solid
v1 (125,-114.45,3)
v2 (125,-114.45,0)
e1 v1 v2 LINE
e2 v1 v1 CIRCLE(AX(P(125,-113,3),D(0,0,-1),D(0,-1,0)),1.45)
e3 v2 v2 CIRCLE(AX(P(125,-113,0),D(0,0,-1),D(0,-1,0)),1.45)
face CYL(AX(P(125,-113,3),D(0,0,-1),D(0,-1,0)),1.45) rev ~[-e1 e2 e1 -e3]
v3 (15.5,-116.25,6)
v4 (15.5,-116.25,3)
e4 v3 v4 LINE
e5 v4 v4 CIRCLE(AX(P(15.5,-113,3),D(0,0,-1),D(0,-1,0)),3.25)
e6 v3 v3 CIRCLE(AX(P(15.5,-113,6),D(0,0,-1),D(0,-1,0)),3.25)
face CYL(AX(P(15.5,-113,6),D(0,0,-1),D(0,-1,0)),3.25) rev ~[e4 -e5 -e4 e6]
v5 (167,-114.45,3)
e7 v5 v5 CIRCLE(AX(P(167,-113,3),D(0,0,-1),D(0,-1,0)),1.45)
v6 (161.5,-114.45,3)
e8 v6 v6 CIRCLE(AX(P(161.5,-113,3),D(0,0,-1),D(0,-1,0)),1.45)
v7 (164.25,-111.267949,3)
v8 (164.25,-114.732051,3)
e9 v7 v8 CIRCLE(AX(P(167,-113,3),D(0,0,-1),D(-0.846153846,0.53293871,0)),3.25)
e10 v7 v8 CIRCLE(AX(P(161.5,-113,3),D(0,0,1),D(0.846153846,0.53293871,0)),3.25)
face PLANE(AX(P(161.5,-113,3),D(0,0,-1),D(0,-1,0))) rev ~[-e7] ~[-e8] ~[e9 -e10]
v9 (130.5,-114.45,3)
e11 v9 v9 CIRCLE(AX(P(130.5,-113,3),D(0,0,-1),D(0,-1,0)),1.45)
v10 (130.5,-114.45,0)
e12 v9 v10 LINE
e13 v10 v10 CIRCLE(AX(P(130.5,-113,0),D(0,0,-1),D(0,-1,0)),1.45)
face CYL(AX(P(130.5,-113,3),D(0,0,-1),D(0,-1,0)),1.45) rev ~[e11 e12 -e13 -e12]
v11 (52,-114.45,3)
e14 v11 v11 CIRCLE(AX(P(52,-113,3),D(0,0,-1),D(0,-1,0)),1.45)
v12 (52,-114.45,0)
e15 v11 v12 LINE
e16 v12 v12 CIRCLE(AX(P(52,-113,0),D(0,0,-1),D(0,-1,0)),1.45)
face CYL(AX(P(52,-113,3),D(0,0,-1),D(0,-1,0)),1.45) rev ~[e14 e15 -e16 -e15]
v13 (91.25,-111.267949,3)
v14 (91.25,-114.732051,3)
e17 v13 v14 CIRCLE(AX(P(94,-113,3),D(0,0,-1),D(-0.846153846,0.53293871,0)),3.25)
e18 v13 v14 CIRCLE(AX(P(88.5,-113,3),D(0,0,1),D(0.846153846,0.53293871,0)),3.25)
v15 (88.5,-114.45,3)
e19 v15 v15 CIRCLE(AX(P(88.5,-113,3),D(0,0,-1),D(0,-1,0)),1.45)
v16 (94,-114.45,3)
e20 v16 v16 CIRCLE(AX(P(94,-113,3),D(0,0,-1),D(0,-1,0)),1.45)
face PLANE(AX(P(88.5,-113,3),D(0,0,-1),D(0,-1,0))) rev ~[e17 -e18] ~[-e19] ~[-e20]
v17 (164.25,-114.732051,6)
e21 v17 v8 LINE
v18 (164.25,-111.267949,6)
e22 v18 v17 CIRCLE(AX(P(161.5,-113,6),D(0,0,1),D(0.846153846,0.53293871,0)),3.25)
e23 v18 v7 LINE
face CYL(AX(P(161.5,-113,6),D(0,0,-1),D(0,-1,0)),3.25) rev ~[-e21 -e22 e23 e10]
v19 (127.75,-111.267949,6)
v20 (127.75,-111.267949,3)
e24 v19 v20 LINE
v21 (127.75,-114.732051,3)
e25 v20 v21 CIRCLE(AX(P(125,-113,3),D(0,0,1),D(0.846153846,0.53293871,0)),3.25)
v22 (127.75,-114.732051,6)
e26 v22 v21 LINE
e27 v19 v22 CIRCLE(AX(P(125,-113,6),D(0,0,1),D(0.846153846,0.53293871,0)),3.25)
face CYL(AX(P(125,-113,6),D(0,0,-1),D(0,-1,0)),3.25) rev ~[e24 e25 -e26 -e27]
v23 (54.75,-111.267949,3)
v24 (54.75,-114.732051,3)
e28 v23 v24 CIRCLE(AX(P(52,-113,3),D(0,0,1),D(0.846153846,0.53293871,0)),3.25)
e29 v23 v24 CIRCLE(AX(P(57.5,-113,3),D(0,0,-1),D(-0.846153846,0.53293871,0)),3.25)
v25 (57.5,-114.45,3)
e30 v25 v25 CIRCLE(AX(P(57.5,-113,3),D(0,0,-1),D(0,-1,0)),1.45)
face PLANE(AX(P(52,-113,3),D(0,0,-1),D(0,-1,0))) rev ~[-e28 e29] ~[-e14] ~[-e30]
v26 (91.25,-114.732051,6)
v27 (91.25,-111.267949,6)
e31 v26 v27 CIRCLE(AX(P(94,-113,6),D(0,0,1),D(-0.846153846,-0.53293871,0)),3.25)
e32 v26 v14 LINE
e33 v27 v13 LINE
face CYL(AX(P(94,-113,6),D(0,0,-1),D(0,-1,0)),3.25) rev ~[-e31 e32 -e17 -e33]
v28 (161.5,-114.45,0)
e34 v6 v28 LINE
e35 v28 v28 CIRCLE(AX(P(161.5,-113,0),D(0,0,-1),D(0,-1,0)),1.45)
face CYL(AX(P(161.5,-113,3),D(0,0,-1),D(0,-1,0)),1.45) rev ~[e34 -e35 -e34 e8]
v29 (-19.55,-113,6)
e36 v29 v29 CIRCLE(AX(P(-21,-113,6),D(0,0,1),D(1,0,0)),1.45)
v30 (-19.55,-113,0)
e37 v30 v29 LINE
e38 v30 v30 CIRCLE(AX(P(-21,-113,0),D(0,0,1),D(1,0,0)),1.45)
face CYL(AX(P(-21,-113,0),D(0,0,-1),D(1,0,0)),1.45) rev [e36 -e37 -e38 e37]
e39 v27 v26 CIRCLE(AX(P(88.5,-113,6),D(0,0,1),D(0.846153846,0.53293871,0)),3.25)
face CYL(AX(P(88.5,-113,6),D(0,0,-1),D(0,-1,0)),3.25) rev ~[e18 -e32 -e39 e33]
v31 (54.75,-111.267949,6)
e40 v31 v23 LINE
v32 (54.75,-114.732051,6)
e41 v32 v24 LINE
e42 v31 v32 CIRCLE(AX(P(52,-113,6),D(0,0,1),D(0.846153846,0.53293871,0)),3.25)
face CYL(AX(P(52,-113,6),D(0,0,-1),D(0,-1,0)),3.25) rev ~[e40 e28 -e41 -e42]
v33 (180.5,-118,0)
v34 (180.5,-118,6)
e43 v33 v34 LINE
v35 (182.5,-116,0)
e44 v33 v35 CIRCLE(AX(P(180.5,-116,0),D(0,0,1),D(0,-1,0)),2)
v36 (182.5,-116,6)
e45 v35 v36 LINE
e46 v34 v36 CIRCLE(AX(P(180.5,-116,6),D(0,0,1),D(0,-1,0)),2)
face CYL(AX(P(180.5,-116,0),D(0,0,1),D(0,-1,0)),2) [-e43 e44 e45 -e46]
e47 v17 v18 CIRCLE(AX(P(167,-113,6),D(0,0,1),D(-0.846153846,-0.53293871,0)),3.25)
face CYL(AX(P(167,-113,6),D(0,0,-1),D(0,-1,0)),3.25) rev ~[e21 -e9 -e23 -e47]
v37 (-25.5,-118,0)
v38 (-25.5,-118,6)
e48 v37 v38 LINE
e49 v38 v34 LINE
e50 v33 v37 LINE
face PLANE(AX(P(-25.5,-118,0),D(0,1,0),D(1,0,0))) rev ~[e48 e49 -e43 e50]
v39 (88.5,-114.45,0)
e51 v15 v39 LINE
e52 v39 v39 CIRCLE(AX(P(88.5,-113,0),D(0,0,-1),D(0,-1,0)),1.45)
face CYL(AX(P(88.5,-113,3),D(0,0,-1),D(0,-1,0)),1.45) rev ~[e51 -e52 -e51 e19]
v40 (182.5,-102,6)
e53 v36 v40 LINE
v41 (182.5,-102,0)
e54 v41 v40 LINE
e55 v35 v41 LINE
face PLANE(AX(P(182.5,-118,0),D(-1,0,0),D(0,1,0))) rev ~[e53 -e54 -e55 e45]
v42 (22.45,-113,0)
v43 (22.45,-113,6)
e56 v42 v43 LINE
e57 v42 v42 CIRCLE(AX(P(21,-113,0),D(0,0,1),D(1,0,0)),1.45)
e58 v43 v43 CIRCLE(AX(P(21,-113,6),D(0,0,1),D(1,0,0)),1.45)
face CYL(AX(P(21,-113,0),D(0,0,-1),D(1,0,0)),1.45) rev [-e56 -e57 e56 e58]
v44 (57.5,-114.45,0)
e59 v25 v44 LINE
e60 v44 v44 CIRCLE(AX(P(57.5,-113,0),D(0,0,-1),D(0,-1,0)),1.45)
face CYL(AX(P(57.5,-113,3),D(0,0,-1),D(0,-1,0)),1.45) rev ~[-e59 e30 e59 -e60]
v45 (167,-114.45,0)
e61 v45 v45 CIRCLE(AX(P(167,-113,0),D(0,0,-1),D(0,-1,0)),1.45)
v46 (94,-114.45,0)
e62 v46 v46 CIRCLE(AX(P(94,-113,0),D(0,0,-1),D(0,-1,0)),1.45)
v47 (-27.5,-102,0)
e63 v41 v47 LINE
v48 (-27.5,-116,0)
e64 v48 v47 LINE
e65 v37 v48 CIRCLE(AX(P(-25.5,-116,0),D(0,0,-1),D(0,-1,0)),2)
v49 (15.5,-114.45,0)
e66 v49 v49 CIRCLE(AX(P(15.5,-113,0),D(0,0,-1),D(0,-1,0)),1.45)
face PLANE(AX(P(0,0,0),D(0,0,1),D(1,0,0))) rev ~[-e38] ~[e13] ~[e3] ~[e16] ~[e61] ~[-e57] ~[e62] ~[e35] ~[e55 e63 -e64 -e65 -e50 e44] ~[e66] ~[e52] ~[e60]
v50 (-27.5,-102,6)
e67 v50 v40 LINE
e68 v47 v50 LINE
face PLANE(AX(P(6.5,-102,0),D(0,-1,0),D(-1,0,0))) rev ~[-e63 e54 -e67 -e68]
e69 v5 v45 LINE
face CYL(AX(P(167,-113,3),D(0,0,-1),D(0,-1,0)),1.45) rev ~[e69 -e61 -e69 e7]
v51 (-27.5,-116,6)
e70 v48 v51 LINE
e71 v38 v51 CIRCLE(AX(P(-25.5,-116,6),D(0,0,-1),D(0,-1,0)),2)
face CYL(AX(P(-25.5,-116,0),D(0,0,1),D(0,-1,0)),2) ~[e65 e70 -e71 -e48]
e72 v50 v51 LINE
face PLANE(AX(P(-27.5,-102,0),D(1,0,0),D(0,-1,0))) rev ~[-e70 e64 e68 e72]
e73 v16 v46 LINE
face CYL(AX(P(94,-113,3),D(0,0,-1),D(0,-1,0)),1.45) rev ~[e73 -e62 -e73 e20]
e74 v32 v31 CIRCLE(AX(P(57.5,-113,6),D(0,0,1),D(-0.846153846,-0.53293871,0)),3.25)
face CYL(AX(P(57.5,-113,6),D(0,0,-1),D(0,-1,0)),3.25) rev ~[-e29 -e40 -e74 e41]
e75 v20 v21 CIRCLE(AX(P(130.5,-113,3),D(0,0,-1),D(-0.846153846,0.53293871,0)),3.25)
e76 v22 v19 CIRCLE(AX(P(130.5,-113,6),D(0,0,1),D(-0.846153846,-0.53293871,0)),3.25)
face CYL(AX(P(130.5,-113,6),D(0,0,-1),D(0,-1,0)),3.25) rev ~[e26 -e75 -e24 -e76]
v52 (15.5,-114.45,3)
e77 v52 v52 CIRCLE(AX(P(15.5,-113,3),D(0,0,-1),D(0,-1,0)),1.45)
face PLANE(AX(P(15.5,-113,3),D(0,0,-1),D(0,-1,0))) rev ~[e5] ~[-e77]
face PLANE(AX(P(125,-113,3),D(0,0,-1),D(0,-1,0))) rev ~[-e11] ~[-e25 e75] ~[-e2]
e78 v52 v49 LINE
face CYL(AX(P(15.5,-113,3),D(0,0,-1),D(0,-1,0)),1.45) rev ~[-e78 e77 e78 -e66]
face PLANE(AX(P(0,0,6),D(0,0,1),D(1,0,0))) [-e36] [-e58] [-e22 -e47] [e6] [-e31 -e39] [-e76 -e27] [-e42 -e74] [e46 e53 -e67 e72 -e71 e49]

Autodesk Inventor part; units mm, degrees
ref_plane "YZ Plane" through (0, 0, 0) normal (1, 0, 0) x (0, 1, 0)
ref_plane "XZ Plane" through (0, 0, 0) normal (0, 1, 0) x (-1, 0, 0)
ref_plane "XY Plane" through (0, 0, 0) normal (0, 0, 1) x (1, 0, 0)
ref_plane "Work Plane1" through (0, 0, 0) normal (0, 0, 1) x (1, 0, 0)
sketch "Sketch1" plane through (0, 0, 0) normal (0, 0, 1) x (1, 0, 0)
  circle A0 centre (-21, 106) radius 1.45 projected
  circle A1 centre (-21, 69.5) radius 1.45 projected
  circle A2 centre (-21, 33) radius 1.45 projected
  circle A3 centre (-21, -3.5) radius 1.45 projected
  circle A4 centre (-21, -40) radius 1.45 projected
  circle A5 centre (-21, -113) radius 1.45 projected
  circle A6 centre (21, -113) radius 1.45 projected
  circle A7 centre (21, -40) radius 1.45 projected
  circle A8 centre (21, -3.5) radius 1.45 projected
  circle A9 centre (21, 33) radius 1.45 projected
  circle A10 centre (21, 69.5) radius 1.45 projected
  circle A11 centre (21, 106) radius 1.45 projected
  arc A12 (-6.5, 102) -> (-11.5, 97) centre (-6.5, 97) ccw projected
  line L0 (-6.5, 102) -> (6.5, 102) projected
  arc A13 (11.5, 97) -> (6.5, 102) centre (6.5, 97) ccw projected
  line L1 (11.5, 97) -> (11.5, -97) projected
  arc A14 (6.5, -102) -> (11.5, -97) centre (6.5, -97) ccw projected
  line L2 (6.5, -102) -> (-6.5, -102) projected
  arc A15 (-11.5, -97) -> (-6.5, -102) centre (-6.5, -97) ccw projected
  line L3 (-11.5, -97) -> (-11.5, 97) projected
  arc A16 (25.5, -118) -> (27.5, -116) centre (25.5, -116) ccw projected
  line L4 (27.5, -116) -> (27.5, 116) projected
  arc A17 (27.5, 116) -> (25.5, 118) centre (25.5, 116) ccw projected
  line L5 (25.5, 118) -> (-25.5, 118) projected
  arc A18 (-25.5, 118) -> (-27.5, 116) centre (-25.5, 116) ccw projected
  line L6 (-27.5, 116) -> (-27.5, -116) projected
  arc A19 (-27.5, -116) -> (-25.5, -118) centre (-25.5, -116) ccw projected
  line L7 (-25.5, -118) -> (25.5, -118) projected
  circle A20 centre (21, -76.5) radius 1.45 projected
  circle A21 centre (-21, -76.5) radius 1.45 projected
  circle A22 centre (21, 111.5) radius 1.45 projected
  circle A23 centre (-21, 111.5) radius 1.45 projected
  arc A24 (48.8107, 3.6492) -> (48.6958, 3.3718) centre (50.5958, 2.7473) ccw construction
  line L8 (48.6958, -66.1718) -> (48.6958, 3.3718) construction
  arc A25 (48.6958, -66.1718) -> (48.8107, -66.4492) centre (50.5958, -65.5473) ccw construction
  line L9 (54.3466, -71.9851) -> (48.8107, -66.4492) construction
  arc A26 (54.3466, -71.9851) -> (54.624, -72.1) centre (55.2485, -70.2) ccw construction
  line L10 (170.6958, -72.1) -> (54.624, -72.1) construction
  arc A27 (170.6958, -72.1) -> (172.2958, -70.5) centre (170.6958, -70.5) ccw construction
  line L11 (172.2958, 7.7) -> (172.2958, -70.5) construction
  arc A28 (172.2958, 7.7) -> (170.6958, 9.3) centre (170.6958, 7.7) ccw construction
  line L12 (54.624, 9.3) -> (170.6958, 9.3) construction
  arc A29 (54.624, 9.3) -> (54.3466, 9.1851) centre (55.2485, 7.4) ccw construction
  line L13 (48.8107, 3.6492) -> (54.3466, 9.1851) construction
  line L14 (56.1958, 4.9) -> (164.7958, 4.9) construction
  line L15 (164.7958, 4.9) -> (164.7958, -67.7) construction
  line L16 (164.7958, -67.7) -> (56.1958, -67.7) construction
  line L17 (56.1958, -67.7) -> (56.1958, 4.9) construction
  line L18 (174.3958, -70.2) -> (174.3958, 7.4) construction
  arc A30 (50.5958, 11.1) -> (46.8958, 7.4) centre (50.5958, 7.4) ccw construction
  arc A31 (46.6958, -70.2) -> (50.5958, -74.1) centre (50.5958, -70.2) ccw construction
  arc A32 (174.2958, 7.4) -> (170.3958, 11.3) centre (170.3958, 7.4) ccw construction
  arc A33 (170.3958, -74.1) -> (174.2958, -70.2) centre (170.3958, -70.2) ccw construction
  line L19 (-27.5, -118) -> (182.5, -118)
  line L20 (182.5, -118) -> (182.5, -102)
  line L21 (182.5, -102) -> (-27.5, -102)
  line L22 (-27.5, -102) -> (-27.5, -118)
  circle A34 centre (21, -113) radius 1.45 construction
  circle A35 centre (-21, -113) radius 1.45 construction
  line L23 (27.5, -102) -> (11.5, -102)
  line L24 (11.5, -102) -> (11.5, -70)
  line L25 (11.5, -70) -> (27.5, -70)
  line L26 (27.5, -70) -> (27.5, -102)
  line L27 (-27.5, -102) -> (-11.5, -102)
  line L28 (-11.5, -102) -> (-11.5, -70)
  line L29 (-11.5, -70) -> (-27.5, -70)
  line L30 (-27.5, -70) -> (-27.5, -102)
  circle A36 centre (21, -76.5) radius 1.45 projected
  circle A37 centre (-21, -76.5) radius 1.45 projected
  circle A38 centre (21, -113) radius 1.45 projected
  circle A39 centre (-21, -113) radius 1.45 projected
  circle A40 centre (21, -113) radius 1.45
  circle A41 centre (-21, -113) radius 1.45
  circle A42 centre (15.5, -113) radius 1.45
  circle A43 centre (57.5, -113) radius 1.45
  circle A44 centre (52, -113) radius 1.45
  circle A45 centre (94, -113) radius 1.45
  circle A46 centre (88.5, -113) radius 1.45
  circle A47 centre (130.5, -113) radius 1.45
  circle A48 centre (125, -113) radius 1.45
  circle A49 centre (167, -113) radius 1.45
  circle A50 centre (161.5, -113) radius 1.45
  circle A51 centre (203.5, -113) radius 1.45
  circle A52 centre (198, -113) radius 1.45
  circle A53 centre (240, -113) radius 1.45
  circle A54 centre (234.5, -113) radius 1.45
  circle A55 centre (276.5, -113) radius 1.45
  circle A56 centre (271, -113) radius 1.45
  circle A57 centre (313, -113) radius 1.45
  circle A58 centre (307.5, -113) radius 1.45
  circle A59 centre (349.5, -113) radius 1.45
  point P0 (0, 0)
  dimension "d1" = 210
  dimension "d2" = 32
  dimension "d8" = 36.5
extrude "Extrusion1" add sketch "Sketch1" along normal blind 6 contours L2 L21 L4 A16 L7 A19 L6 | A19 L19 L22 | L21 L20 L19 A16 L4 | A42 | A43 | A44 | A45 | A46 | A47 | A48 | A49 | A50
fillet "Fillet1" radius 2 2 edges at (-27.5, -118, 3) (182.5, -118, 3)
sketch "Sketch2" plane through (0, 0, 6) normal (0, 0, 1) x (1, 0, 0)
  arc A0 (180.5, -118) -> (182.5, -116) centre (180.5, -116) ccw projected
  line L0 (182.5, -116) -> (182.5, -102) projected
  line L1 (182.5, -102) -> (-27.5, -102) projected
  line L2 (-27.5, -102) -> (-27.5, -116) projected
  arc A1 (-27.5, -116) -> (-25.5, -118) centre (-25.5, -116) ccw projected
  line L3 (-25.5, -118) -> (180.5, -118) projected
  line L4 (-25.1, -118) -> (-25.1, -108)
  point P0 (0, 0)
  point P1 (57.5, -113)
  point P2 (15.5, -113)
  point P3 (94, -113)
  point P4 (52, -113)
  point P5 (130.5, -113)
  point P6 (88.5, -113)
  point P7 (167, -113)
  point P8 (125, -113)
  point P9 (203.5, -113)
  point P10 (161.5, -113)
  point P11 (240, -113)
  point P12 (198, -113)
  point P13 (276.5, -113)
  point P14 (234.5, -113)
  point P15 (313, -113)
  point P16 (271, -113)
  point P17 (349.5, -113)
  point P18 (307.5, -113)
  dimension "d15" = 36.5
hole "Hole1" at (15.5, -113, 6) at (52, -113, 6) at (57.5, -113, 6) at (88.5, -113, 6) at (94, -113, 6) at (125, -113, 6) at (130.5, -113, 6) at (161.5, -113, 6) at (167, -113, 6) direction (0, 0, -1) diameter 2.9 end through all counterbore diameter 6.5 counterbore depth 3
properties part number "03_Opentrons_Microscope_MTP_stand"
